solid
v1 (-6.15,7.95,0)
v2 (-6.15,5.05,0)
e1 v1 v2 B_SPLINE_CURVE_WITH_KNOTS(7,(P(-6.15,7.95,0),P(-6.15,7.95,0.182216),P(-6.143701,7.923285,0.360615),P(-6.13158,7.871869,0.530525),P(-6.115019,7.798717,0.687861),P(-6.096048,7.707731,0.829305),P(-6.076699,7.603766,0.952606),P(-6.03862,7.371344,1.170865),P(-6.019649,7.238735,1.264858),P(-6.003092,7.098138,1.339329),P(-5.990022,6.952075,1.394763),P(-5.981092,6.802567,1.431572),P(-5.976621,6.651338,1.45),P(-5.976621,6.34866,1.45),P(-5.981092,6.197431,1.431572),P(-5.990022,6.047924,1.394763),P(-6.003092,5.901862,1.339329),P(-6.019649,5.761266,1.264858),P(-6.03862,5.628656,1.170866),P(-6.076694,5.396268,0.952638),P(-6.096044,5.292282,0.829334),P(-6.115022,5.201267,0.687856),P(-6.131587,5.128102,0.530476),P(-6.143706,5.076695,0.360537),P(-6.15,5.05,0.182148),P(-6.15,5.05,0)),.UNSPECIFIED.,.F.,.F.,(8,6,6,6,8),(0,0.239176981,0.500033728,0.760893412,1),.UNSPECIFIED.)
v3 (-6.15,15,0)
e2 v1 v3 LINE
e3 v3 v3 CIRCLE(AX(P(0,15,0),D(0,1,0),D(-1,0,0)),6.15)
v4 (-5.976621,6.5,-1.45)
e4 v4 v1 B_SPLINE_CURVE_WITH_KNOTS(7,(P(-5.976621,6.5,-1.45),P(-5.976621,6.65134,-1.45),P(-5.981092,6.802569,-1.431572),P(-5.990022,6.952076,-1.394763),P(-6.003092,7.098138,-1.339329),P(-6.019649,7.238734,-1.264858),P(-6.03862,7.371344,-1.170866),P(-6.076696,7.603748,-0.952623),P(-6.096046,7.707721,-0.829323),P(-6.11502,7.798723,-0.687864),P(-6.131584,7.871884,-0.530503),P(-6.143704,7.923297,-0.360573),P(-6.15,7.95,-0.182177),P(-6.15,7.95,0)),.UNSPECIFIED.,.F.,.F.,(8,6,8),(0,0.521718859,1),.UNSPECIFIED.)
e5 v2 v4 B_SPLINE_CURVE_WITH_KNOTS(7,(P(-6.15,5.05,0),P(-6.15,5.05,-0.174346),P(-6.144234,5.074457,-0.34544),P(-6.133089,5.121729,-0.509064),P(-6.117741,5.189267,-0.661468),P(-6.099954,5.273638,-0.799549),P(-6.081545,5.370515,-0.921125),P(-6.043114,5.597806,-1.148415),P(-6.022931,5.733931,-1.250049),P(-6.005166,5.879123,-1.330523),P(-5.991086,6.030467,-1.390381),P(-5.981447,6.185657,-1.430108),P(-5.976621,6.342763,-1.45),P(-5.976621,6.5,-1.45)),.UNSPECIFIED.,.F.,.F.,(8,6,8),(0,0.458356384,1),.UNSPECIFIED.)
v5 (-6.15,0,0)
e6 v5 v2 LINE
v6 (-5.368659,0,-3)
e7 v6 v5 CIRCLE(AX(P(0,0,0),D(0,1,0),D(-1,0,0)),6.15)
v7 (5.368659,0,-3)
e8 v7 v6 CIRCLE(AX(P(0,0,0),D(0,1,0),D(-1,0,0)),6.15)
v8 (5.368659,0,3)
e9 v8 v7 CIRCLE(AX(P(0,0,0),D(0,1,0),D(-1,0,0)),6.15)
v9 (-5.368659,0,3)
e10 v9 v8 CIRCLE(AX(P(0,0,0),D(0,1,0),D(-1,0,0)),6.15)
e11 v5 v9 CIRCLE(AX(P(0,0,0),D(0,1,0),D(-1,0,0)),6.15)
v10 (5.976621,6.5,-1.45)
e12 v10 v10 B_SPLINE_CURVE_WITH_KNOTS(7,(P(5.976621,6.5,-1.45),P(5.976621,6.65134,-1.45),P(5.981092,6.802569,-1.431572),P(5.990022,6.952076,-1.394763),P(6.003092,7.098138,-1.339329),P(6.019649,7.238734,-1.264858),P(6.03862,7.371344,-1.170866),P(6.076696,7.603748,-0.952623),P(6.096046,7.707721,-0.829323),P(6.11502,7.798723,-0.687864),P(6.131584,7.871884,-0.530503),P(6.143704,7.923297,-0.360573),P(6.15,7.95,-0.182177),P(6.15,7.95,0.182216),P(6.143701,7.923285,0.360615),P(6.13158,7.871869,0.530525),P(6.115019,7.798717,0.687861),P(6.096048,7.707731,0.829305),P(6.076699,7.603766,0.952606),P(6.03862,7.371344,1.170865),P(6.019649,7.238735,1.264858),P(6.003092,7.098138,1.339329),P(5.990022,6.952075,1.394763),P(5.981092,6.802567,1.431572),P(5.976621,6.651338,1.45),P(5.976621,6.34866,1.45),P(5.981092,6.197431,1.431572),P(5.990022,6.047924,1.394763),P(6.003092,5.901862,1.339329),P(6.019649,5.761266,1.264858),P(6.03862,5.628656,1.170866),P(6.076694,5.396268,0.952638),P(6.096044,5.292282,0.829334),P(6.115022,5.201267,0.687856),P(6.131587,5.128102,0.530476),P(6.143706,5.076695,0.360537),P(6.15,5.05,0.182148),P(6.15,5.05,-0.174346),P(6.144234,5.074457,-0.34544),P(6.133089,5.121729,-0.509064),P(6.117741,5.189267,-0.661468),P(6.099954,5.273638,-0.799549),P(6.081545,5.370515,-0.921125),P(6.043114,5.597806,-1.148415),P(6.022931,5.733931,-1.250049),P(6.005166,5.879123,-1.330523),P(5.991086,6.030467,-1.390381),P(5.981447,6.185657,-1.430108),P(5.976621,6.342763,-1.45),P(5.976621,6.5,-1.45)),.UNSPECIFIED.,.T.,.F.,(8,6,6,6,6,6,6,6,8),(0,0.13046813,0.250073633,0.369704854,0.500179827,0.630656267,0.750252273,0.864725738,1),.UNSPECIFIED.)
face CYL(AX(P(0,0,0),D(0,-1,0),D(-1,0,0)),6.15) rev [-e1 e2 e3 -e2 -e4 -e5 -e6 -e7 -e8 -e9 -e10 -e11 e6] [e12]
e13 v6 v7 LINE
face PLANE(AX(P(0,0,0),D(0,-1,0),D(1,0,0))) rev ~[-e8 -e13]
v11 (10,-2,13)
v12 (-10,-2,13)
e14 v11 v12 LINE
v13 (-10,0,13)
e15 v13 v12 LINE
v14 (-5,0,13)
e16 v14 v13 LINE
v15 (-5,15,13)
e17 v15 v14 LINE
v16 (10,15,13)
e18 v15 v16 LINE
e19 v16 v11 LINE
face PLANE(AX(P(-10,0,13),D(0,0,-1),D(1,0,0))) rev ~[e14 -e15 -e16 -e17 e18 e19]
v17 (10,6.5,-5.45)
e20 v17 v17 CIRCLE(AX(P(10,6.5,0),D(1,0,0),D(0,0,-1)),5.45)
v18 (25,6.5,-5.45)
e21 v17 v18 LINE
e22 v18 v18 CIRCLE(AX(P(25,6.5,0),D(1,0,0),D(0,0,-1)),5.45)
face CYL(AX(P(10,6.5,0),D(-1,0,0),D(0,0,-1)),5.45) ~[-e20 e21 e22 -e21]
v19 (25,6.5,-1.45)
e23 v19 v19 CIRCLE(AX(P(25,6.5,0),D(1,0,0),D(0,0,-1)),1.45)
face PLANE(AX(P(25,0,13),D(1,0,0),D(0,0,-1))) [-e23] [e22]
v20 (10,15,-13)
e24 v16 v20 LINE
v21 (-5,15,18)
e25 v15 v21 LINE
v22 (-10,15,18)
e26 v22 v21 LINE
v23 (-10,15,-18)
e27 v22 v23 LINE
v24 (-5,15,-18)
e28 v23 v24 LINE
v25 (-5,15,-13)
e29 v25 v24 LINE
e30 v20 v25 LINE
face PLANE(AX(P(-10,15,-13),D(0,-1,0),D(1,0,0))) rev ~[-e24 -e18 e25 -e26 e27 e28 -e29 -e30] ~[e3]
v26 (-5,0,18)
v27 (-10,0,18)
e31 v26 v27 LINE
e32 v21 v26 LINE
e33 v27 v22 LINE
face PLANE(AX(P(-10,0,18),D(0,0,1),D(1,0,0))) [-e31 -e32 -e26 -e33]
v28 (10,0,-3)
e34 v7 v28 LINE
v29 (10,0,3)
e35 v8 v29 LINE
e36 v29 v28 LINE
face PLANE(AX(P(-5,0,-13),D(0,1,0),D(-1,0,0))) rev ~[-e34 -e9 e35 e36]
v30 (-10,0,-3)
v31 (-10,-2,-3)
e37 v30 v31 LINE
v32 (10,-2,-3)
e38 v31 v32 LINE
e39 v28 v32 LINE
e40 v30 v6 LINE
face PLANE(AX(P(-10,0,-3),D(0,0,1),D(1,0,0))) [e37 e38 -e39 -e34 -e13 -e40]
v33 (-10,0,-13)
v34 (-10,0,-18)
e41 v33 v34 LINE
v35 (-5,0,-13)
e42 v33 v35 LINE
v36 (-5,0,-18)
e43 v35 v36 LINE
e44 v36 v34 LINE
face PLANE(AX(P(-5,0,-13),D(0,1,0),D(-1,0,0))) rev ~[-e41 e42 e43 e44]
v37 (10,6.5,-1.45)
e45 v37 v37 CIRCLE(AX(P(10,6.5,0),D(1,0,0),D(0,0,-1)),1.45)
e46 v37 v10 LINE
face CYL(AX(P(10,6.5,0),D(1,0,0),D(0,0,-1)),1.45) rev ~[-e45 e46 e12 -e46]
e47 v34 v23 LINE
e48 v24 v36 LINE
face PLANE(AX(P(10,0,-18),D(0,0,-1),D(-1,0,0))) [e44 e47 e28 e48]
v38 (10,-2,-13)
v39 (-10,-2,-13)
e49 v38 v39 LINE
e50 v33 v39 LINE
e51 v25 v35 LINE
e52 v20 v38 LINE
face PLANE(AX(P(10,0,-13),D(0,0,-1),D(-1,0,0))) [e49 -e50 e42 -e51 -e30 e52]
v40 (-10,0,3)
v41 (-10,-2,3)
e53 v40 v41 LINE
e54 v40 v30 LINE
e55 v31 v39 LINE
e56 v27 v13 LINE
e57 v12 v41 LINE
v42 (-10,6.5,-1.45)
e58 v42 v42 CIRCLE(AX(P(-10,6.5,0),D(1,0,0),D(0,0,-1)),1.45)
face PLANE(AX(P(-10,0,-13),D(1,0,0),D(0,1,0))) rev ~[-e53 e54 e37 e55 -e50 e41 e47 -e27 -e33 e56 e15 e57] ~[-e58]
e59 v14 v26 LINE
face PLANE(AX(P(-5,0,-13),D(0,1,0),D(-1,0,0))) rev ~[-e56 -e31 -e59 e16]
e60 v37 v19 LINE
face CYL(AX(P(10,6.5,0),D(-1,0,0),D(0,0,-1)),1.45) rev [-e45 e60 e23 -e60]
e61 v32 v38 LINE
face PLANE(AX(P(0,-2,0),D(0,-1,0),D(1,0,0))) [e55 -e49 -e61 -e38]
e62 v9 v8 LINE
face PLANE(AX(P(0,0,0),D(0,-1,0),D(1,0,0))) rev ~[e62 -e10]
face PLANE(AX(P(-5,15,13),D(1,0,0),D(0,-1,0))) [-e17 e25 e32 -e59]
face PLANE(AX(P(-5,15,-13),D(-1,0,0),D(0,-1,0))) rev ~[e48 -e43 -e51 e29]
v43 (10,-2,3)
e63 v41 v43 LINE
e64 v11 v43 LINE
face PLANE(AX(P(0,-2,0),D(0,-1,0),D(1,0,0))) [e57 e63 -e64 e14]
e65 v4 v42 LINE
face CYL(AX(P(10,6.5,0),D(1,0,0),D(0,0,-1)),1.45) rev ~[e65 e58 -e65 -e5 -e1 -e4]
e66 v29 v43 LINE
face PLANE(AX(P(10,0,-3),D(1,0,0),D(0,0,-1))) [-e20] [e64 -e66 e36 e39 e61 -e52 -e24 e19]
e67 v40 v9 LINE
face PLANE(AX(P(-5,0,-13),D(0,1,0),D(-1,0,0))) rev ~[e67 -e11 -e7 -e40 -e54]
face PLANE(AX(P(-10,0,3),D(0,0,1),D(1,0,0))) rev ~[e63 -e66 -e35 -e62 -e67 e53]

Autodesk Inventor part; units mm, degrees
ref_plane "YZ Plane" through (0, 0, 0) normal (1, 0, 0) x (0, 1, 0)
ref_plane "XZ Plane" through (0, 0, 0) normal (0, 1, 0) x (-1, 0, 0)
ref_plane "XY Plane" through (0, 0, 0) normal (0, 0, 1) x (1, 0, 0)
sketch "Sketch1" plane through (0, 0, 0) normal (0, 1, 0) x (-1, 0, 0)
  circle A0 centre (0, 0) radius 6.15
  line L0 (10, 13) -> (-10, 13)
  line L1 (-10, 13) -> (-10, -13)
  line L2 (-10, -13) -> (10, -13)
  line L3 (10, -13) -> (10, 13)
  dimension "d0" = 12.3
  dimension "d1" = 10
  dimension "d2" = 10
  dimension "d3" = 13
  dimension "d4" = 13
extrude "Extrusion1" add sketch "Sketch1" along normal blind 15
sketch "Sketch2" plane through (10, 0, 13) normal (1, 0, 0) x (0, 0, -1)
  circle A0 centre (13, 6.5) radius 1.45
  line L0 (0, 0) -> (26, 0) projected
  line L1 (0, 0) -> (0, 15) projected
  point P0 (13, 0)
  dimension "d7" = 2.9
  dimension "d8" = 6.5
  dimension "d11" = 13
extrude "Extrusion2" cut sketch "Sketch2" against normal blind 55
sketch "Sketch3" plane through (10, 0, 13) normal (1, 0, 0) x (0, 0, -1)
  circle A0 centre (13, 6.5) radius 1.45 projected
  line L0 (0, 0) -> (26, 0) projected
  line L1 (26, 0) -> (26, 15) projected
  line L2 (0, 15) -> (26, 15) projected
  line L3 (0, 0) -> (0, 15) projected
  circle A1 centre (13, 6.5) radius 5.45
  circle A2 centre (4, 6.5) radius 1.6
  circle A3 centre (22, 6.5) radius 1.6
  point P0 (13, 0)
  dimension "d16" = 4
  dimension "d21" = 3.2
  dimension "d22" = 3.2
  dimension "d23" = 4
  dimension "d24" = 4
extrude "Extrusion3" add sketch "Sketch3" along normal blind 15 contours A1
sketch "Sketch6" plane through (-10, 0, 13) normal (0, 0, 1) x (1, 0, 0)
  line L0 (0, 0) -> (0, 15) projected
  line L1 (0, 15) -> (5, 15)
  line L2 (5, 15) -> (5, 0)
  line L3 (5, 0) -> (0, 0)
  line L4 (0, 0) -> (0, 15)
  point P0 (10, 0)
  dimension "d31" = 5
extrude "Extrusion6" add sketch "Sketch6" along normal blind 5
sketch "Sketch7" plane through (10, 0, -13) normal (0, 0, -1) x (-1, 0, 0)
  line L0 (20, 0) -> (20, 15) projected
  line L1 (20, 15) -> (15, 15)
  line L2 (15, 15) -> (15, 0)
  line L3 (15, 0) -> (20, 0)
  line L4 (20, 0) -> (20, 15)
  point P0 (10, 0)
  dimension "d34" = 5
extrude "Extrusion7" add sketch "Sketch7" along normal blind 5
sketch "Sketch8" plane through (0, 0, 0) normal (0, -1, 0) x (1, 0, 0)
  line L0 (10, 13) -> (10, -13) projected
  line L1 (-10, 18) -> (-10, -18) projected
  line L2 (10, 13) -> (-10, 13)
  line L3 (-10, 13) -> (-10, 3)
  line L4 (-10, 3) -> (10, 3)
  line L5 (10, 3) -> (10, 13)
  line L6 (10, -13) -> (-5, -13) projected
  line L7 (10, -13) -> (-10, -13)
  line L8 (-10, -13) -> (-10, -3)
  line L9 (-10, -3) -> (10, -3)
  line L10 (10, -3) -> (10, -13)
  point P0 (0, 0)
  point P1 (10, -3)
  point P2 (-10, -3)
  dimension "d37" = 10
  dimension "d38" = 10
extrude "Extrusion8" add sketch "Sketch8" along normal blind 2 contours L0 L4 L1 L2 | L0 L6 L7 L1 L9
properties part number "Tube_innerhole_template_p1"
